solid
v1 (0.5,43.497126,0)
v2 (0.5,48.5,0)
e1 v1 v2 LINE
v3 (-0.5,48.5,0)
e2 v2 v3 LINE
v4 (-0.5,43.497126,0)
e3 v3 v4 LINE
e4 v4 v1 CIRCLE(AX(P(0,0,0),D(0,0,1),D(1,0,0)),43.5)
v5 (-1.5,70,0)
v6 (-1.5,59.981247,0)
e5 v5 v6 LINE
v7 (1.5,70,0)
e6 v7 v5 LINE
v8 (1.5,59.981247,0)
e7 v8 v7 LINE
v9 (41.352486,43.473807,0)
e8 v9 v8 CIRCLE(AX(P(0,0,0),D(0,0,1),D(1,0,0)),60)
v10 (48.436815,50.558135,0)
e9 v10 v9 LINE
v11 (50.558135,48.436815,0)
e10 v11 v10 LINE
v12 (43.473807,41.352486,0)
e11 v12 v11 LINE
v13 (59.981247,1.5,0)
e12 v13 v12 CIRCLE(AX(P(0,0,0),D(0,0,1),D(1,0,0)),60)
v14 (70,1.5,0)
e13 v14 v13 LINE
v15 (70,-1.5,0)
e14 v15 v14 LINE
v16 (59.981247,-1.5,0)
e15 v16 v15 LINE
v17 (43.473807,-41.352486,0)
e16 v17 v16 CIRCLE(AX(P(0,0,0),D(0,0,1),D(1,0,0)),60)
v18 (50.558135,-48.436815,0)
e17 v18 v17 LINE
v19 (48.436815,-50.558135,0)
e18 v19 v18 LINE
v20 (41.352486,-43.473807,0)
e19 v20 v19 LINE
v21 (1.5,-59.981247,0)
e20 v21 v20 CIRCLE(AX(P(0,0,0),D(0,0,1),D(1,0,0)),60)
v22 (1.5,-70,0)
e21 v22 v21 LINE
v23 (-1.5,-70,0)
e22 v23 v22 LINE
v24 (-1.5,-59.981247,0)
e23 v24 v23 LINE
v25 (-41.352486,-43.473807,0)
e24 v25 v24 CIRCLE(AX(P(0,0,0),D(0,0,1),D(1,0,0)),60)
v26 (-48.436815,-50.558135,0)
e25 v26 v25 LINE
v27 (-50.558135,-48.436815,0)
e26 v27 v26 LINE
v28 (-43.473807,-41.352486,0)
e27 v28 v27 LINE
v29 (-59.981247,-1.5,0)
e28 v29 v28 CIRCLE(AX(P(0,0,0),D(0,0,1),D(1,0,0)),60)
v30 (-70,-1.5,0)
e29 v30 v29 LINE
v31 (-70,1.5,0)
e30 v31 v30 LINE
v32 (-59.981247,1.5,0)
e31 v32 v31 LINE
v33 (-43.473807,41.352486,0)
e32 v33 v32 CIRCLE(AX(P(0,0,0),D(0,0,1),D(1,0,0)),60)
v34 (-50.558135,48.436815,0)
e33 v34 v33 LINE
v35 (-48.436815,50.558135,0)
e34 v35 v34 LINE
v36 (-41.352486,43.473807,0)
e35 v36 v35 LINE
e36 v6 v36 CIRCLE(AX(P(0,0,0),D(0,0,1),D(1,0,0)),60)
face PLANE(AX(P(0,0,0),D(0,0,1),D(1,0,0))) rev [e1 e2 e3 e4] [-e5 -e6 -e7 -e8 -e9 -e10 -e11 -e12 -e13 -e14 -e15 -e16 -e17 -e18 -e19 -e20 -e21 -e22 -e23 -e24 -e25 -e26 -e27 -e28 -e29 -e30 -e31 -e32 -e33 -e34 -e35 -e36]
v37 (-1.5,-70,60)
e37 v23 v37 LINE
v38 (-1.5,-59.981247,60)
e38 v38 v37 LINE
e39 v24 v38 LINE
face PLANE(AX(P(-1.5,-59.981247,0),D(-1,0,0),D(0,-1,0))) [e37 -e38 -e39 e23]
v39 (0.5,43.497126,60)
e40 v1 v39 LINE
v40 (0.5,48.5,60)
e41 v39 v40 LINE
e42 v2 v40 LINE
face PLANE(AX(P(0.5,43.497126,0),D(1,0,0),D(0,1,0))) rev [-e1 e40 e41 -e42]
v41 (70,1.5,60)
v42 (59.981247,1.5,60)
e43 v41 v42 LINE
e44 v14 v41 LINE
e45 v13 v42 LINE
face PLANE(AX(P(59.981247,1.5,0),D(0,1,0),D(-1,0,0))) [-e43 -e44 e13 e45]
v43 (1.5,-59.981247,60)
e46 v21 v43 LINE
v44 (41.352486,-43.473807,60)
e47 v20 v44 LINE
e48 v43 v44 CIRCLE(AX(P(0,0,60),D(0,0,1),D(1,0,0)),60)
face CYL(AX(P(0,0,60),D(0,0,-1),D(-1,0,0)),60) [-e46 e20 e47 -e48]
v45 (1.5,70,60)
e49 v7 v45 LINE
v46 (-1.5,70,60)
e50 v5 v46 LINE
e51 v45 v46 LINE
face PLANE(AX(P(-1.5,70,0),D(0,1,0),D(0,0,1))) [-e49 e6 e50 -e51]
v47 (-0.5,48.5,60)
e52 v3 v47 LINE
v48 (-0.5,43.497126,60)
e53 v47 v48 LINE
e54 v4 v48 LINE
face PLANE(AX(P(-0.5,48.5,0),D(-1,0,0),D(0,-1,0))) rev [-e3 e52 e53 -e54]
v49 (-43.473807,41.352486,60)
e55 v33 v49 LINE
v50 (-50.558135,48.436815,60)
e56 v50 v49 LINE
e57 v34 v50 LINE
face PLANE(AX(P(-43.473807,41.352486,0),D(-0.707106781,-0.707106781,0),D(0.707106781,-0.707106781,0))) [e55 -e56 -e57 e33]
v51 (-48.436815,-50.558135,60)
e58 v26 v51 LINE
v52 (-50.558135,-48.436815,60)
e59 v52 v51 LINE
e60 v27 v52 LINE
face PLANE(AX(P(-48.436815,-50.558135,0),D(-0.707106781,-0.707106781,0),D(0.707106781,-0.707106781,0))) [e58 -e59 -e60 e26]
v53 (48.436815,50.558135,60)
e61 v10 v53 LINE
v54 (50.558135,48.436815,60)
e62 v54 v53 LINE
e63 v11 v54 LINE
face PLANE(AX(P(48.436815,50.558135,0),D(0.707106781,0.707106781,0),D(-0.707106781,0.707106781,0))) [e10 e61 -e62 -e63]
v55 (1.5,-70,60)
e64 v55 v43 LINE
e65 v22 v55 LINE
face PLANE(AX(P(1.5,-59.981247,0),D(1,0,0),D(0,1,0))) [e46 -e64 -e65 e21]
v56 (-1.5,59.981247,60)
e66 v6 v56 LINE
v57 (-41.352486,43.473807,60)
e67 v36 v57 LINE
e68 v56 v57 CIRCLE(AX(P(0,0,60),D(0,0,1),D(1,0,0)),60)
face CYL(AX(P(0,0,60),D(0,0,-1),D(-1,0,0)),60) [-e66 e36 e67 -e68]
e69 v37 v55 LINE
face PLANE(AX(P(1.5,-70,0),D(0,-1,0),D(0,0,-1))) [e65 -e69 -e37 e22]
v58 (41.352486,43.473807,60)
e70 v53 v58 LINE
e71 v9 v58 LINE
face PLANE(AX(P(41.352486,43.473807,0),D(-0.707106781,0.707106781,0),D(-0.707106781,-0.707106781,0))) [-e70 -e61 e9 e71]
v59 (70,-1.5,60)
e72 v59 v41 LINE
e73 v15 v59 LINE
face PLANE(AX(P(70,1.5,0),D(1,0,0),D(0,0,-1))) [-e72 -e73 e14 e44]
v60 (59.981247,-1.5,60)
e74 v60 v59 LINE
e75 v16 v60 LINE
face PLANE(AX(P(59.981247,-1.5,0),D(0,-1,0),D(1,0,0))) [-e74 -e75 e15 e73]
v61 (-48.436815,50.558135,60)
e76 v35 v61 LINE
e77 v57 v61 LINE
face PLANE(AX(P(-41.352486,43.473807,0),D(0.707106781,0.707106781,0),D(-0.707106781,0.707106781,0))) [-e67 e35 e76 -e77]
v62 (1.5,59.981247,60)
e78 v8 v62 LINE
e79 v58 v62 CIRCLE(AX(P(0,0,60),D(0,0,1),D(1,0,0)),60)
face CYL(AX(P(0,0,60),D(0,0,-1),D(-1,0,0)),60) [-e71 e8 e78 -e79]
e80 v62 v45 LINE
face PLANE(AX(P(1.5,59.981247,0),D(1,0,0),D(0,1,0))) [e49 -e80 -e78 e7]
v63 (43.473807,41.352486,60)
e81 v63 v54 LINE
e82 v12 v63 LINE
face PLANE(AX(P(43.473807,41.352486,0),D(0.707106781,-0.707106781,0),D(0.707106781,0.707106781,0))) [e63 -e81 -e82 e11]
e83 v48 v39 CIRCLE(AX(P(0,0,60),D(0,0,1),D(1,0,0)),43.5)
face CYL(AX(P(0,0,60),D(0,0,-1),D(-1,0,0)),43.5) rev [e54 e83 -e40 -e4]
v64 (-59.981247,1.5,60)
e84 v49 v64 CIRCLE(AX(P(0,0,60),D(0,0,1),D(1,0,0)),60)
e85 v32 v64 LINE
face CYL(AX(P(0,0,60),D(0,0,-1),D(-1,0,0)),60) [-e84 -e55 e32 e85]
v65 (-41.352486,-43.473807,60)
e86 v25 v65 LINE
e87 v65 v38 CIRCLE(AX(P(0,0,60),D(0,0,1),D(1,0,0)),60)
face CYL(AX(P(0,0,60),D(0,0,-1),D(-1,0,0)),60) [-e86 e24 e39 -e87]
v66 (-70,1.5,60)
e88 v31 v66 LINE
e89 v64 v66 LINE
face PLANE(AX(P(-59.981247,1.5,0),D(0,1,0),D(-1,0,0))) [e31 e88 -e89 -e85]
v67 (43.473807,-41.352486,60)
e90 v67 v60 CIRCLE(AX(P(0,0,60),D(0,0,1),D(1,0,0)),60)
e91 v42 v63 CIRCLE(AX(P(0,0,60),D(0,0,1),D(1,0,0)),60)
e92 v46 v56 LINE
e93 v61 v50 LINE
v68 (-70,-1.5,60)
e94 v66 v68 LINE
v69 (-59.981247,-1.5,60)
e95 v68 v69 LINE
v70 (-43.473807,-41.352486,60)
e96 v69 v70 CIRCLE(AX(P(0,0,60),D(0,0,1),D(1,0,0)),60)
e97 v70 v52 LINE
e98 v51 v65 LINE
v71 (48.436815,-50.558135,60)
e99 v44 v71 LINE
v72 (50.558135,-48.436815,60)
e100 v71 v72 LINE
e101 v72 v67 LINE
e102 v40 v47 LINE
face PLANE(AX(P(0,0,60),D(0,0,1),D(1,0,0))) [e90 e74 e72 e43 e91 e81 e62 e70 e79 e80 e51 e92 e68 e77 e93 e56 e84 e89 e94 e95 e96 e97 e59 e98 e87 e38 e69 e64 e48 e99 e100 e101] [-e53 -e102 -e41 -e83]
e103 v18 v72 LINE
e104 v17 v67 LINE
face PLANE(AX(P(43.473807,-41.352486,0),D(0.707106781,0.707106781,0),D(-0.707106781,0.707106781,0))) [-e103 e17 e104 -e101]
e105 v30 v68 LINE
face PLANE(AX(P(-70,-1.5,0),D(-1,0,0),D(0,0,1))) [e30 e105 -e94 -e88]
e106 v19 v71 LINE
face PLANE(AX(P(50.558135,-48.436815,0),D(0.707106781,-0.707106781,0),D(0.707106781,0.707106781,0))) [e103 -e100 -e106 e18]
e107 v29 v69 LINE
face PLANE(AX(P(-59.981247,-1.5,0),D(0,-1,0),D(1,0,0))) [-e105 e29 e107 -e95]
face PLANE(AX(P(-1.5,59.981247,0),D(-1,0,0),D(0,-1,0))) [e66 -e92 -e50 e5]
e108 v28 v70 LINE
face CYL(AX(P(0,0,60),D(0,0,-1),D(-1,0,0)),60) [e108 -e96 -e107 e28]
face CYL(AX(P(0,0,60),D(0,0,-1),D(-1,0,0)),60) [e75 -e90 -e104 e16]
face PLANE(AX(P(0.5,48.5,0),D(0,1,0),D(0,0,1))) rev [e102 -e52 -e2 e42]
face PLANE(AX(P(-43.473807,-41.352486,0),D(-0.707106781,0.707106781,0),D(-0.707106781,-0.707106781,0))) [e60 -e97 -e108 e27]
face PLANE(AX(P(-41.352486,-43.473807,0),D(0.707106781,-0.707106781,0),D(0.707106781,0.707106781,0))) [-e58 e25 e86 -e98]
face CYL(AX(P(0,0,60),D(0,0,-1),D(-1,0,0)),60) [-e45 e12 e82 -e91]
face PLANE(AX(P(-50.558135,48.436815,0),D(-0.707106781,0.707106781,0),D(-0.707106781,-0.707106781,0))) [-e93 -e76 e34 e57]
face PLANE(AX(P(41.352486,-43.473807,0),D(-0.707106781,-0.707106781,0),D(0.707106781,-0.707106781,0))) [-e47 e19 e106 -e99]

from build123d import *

# Parameters (mm, degrees)
SKETCH1_R           = 60
SKETCH1_R_2         = 43.5
EXTRUSION1_DEPTH    = 60
EXTRUSION3_START    = -60
EXTRUSION3_DEPTH    = 60
BOSS_EXTRUDE1_DEPTH = 60


with BuildPart() as part:
    # Sketch1 → Extrusion1 (new body)
    with BuildSketch(Plane.XY):
        Circle(SKETCH1_R)
        Circle(SKETCH1_R_2, mode=Mode.SUBTRACT)
    extrude(amount=EXTRUSION1_DEPTH)

    # Sketch3 → Extrusion3 (cut)
    with BuildSketch(Plane.XY.offset(60).offset(EXTRUSION3_START)):
        with BuildLine():
            Line((-0.5, 48.5), (-0.5, 43.497126342))
            ThreePointArc((-0.5, 43.497126342), (0, 43.5), (0.5, 43.497126342))
            Line((0.5, 43.497126342), (0.5, 48.5))
            Line((0.5, 48.5), (-0.5, 48.5))
        make_face()
    extrude(amount=EXTRUSION3_DEPTH, mode=Mode.SUBTRACT)

    # Sketch4 → Boss-Extrude1 (add, through all)
    with BuildSketch(Plane.XY.offset(60)):
        with BuildLine():
            Line((41.352486375, 43.473806719), (48.436814511, 50.558134855))
            Line((48.436814511, 50.558134855), (50.558134855, 48.436814511))
            Line((50.558134855, 48.436814511), (43.473806719, 41.352486375))
            ThreePointArc((43.473806719, 41.352486375), (42.426406871, 42.426406871), (41.352486375, 43.473806719))
        make_face()
        with BuildLine():
            Line((1.5, 59.981247069), (1.5, 70))
            Line((1.5, 70), (-1.5, 70))
            Line((-1.5, 70), (-1.5, 59.981247069))
            ThreePointArc((-1.5, 59.981247069), (0, 60), (1.5, 59.981247069))
        make_face()
        with BuildLine():
            Line((59.981247069, 1.5), (70, 1.5))
            Line((70, 1.5), (70, -1.5))
            Line((70, -1.5), (59.981247069, -1.5))
            ThreePointArc((59.981247069, -1.5), (60, 0), (59.981247069, 1.5))
        make_face()
        with BuildLine():
            Line((43.473806719, -41.352486375), (50.558134855, -48.436814511))
            Line((50.558134855, -48.436814511), (48.436814511, -50.558134855))
            Line((48.436814511, -50.558134855), (41.352486375, -43.473806719))
            ThreePointArc((41.352486375, -43.473806719), (42.426406871, -42.426406871), (43.473806719, -41.352486375))
        make_face()
        with BuildLine():
            Line((1.5, -59.981247069), (1.5, -70))
            Line((1.5, -70), (-1.5, -70))
            Line((-1.5, -70), (-1.5, -59.981247069))
            ThreePointArc((-1.5, -59.981247069), (0, -60), (1.5, -59.981247069))
        make_face()
        with BuildLine():
            Line((-41.352486375, -43.473806719), (-48.436814511, -50.558134855))
            Line((-48.436814511, -50.558134855), (-50.558134855, -48.436814511))
            Line((-50.558134855, -48.436814511), (-43.473806719, -41.352486375))
            ThreePointArc((-43.473806719, -41.352486375), (-42.426406871, -42.426406871), (-41.352486375, -43.473806719))
        make_face()
        with BuildLine():
            Line((-59.981247069, -1.5), (-70, -1.5))
            Line((-70, -1.5), (-70, 1.5))
            Line((-70, 1.5), (-59.981247069, 1.5))
            ThreePointArc((-59.981247069, 1.5), (-60, 0), (-59.981247069, -1.5))
        make_face()
        with BuildLine():
            Line((-43.473806719, 41.352486375), (-50.558134855, 48.436814511))
            Line((-50.558134855, 48.436814511), (-48.436814511, 50.558134855))
            Line((-48.436814511, 50.558134855), (-41.352486375, 43.473806719))
            ThreePointArc((-41.352486375, 43.473806719), (-42.426406871, 42.426406871), (-43.473806719, 41.352486375))
        make_face()
    extrude(amount=-BOSS_EXTRUDE1_DEPTH)


solid = part.part
